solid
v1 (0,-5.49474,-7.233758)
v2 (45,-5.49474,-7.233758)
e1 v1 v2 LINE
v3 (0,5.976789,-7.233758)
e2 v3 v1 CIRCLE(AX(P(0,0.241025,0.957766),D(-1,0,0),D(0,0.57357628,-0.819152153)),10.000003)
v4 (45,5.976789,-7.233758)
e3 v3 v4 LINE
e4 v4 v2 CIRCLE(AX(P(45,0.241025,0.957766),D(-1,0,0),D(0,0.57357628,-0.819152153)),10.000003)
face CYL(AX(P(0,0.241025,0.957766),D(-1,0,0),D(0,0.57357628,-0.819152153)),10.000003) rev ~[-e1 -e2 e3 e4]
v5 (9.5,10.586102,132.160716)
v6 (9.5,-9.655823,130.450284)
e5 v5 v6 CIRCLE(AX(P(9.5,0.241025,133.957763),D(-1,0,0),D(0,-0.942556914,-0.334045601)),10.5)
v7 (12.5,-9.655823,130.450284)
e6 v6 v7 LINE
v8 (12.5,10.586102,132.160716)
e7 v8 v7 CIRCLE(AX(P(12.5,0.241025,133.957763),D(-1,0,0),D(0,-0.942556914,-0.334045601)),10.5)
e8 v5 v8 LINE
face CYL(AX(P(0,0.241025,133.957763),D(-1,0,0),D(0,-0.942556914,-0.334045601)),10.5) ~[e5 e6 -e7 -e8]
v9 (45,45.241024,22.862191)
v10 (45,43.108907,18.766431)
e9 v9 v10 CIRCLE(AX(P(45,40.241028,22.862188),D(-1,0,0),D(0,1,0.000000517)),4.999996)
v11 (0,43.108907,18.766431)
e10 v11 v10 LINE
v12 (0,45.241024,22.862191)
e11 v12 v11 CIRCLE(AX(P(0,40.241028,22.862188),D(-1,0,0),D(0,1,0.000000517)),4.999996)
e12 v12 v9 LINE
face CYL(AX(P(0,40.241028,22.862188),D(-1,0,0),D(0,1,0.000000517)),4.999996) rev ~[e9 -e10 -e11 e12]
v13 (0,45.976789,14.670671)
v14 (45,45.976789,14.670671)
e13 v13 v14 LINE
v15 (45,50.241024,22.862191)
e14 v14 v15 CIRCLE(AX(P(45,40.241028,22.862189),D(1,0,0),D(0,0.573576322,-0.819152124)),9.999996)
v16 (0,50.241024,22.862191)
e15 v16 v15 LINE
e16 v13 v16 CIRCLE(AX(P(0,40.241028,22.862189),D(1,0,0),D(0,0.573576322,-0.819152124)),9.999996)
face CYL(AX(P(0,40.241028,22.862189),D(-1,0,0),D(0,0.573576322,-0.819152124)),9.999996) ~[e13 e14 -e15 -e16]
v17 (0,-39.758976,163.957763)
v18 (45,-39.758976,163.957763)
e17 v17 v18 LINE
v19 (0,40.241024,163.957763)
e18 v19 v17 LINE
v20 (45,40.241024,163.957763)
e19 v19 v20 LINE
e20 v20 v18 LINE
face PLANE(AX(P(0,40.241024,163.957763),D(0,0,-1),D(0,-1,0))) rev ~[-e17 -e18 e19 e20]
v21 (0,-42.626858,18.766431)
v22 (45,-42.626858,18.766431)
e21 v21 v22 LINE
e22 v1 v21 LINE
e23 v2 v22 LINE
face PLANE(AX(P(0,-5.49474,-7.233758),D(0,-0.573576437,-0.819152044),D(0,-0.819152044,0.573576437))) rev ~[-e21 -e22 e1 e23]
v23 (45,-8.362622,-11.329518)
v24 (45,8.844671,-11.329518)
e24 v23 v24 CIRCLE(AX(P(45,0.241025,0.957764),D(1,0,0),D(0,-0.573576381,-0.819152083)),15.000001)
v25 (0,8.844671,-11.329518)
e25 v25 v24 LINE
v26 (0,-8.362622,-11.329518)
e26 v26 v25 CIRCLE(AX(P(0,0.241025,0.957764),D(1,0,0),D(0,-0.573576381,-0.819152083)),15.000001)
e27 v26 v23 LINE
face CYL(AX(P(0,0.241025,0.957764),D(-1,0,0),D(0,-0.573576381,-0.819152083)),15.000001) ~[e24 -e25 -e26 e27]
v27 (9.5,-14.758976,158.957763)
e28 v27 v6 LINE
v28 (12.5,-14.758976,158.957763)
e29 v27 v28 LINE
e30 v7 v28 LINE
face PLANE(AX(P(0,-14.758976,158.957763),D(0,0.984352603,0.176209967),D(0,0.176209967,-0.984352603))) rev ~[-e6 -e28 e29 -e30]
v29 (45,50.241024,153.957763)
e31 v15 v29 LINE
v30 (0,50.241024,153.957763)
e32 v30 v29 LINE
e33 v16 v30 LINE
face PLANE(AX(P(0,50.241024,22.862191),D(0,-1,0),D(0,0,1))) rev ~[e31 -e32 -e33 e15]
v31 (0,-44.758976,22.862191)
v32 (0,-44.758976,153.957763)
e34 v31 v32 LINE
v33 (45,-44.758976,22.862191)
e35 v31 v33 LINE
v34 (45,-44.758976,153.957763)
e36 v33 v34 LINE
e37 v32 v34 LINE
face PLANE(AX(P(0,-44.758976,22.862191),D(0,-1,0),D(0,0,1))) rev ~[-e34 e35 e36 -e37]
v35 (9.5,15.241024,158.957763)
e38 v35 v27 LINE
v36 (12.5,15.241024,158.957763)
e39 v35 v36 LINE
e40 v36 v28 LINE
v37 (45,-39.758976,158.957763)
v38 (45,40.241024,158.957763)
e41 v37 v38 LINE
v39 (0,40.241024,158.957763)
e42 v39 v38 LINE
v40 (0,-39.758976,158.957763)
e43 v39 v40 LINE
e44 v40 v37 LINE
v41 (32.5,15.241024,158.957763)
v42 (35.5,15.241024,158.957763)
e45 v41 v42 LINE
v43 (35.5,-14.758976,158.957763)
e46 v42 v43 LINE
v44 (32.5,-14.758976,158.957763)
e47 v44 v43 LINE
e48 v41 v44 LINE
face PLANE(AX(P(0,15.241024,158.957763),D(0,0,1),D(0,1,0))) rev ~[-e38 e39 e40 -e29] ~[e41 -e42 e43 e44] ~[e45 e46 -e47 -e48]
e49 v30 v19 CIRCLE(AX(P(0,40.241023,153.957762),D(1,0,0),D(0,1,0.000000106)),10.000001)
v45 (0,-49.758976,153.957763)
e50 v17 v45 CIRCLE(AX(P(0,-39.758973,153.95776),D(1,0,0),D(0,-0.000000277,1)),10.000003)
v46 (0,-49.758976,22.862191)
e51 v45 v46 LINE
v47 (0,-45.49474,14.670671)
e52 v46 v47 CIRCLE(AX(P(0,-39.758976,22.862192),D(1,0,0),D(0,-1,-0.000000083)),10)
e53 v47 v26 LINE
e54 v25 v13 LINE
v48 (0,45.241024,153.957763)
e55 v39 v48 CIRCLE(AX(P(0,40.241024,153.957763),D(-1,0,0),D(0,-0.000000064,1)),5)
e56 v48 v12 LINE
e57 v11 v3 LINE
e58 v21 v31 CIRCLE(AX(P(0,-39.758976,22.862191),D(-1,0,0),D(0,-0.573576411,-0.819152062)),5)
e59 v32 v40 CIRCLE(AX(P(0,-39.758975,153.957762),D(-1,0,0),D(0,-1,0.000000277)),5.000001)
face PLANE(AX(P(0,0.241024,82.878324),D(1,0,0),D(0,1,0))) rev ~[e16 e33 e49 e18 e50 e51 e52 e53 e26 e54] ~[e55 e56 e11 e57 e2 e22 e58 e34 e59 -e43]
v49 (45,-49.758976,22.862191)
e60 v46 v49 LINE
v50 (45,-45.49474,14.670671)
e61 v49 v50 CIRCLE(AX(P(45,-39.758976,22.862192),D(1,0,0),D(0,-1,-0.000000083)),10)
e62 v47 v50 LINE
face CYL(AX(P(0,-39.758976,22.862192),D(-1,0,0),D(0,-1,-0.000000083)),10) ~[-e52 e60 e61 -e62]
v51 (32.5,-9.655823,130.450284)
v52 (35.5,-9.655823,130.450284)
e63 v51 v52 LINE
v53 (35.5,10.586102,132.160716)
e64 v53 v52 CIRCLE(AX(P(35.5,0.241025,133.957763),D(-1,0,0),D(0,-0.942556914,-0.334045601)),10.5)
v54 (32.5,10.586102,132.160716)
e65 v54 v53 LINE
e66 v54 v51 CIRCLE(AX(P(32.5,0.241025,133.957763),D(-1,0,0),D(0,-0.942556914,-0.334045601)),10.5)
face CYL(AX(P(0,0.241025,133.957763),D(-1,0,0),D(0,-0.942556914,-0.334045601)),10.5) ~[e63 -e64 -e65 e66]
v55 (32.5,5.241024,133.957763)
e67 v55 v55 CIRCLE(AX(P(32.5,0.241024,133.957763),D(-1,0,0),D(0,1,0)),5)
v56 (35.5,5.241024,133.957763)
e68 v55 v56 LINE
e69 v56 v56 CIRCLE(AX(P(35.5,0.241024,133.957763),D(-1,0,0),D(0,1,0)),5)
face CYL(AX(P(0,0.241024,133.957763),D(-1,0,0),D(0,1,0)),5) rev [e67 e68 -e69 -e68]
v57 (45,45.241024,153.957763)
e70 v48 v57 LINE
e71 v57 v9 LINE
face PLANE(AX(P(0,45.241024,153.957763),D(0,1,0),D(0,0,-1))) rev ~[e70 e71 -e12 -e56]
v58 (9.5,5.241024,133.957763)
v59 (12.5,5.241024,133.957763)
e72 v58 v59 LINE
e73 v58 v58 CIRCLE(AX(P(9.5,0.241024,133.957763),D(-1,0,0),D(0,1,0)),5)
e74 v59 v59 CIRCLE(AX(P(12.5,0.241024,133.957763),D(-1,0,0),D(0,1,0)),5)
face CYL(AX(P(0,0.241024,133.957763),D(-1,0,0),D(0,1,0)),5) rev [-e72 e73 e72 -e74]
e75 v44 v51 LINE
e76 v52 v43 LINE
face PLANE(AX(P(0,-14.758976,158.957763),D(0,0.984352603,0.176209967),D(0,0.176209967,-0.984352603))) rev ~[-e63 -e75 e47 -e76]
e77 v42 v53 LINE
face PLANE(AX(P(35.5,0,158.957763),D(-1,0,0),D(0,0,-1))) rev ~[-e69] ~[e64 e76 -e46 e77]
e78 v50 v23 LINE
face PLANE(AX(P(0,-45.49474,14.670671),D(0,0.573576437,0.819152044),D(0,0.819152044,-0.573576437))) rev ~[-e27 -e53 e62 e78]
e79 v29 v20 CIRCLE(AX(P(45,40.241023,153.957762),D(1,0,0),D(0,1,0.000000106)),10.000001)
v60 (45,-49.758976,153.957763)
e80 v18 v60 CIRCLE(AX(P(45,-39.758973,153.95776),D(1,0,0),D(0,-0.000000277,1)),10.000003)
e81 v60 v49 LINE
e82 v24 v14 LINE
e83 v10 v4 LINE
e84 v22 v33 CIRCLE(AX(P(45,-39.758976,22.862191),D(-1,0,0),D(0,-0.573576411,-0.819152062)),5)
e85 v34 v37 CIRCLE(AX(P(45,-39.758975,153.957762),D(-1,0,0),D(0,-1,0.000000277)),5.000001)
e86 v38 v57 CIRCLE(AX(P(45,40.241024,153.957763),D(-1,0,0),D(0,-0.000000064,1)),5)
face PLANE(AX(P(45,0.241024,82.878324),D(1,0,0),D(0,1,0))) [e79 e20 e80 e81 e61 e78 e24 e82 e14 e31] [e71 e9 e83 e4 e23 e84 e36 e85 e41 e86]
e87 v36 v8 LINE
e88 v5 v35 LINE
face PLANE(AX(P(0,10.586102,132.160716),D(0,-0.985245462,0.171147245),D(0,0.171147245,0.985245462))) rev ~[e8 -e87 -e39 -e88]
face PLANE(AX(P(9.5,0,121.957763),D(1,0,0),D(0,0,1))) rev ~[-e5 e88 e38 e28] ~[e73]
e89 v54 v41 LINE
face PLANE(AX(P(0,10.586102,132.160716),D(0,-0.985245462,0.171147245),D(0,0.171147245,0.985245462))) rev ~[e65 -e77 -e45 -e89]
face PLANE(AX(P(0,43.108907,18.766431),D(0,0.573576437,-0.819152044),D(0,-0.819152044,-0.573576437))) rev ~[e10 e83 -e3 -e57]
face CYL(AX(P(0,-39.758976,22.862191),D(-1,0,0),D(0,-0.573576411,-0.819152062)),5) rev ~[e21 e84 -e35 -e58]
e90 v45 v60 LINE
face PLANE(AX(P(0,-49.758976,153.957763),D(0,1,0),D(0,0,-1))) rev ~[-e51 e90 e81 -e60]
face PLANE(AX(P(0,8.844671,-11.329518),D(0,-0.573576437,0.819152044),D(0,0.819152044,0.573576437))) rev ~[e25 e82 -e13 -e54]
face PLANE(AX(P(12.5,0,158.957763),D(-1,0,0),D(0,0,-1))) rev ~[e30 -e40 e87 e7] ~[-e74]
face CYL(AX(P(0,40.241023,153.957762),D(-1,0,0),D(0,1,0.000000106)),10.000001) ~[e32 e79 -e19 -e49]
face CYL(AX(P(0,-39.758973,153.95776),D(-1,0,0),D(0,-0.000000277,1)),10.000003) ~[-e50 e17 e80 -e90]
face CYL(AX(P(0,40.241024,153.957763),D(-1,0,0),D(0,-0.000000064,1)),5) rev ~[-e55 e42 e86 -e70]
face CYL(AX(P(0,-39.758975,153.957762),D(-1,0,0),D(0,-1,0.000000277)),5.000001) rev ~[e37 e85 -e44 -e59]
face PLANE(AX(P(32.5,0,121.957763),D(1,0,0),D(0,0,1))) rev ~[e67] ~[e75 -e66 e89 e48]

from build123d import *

# Parameters (mm, degrees)
F0_R     = 5
F1_DEPTH = 45
F3_DEPTH = 25


with BuildPart() as f1:
    # F0 (on Right) → F1 (new body)
    with BuildSketch(Plane.YZ):
        with BuildLine():
            Line((-45.49474, 14.670671), (-8.362622, -11.329518))
            ThreePointArc((-8.362622, -11.329518), (0.241024, -14.042237), (8.844671, -11.329518))
            Line((8.844671, -11.329518), (45.976789, 14.670671))
            ThreePointArc((45.976789, 14.670671), (49.111133, 18.244705), (50.241024, 22.862191))
            Line((50.241024, 22.862191), (50.241024, 153.957763))
            ThreePointArc((50.241024, 153.957763), (47.312092, 161.02883), (40.241024, 163.957763))
            Line((40.241024, 163.957763), (-39.758976, 163.957763))
            ThreePointArc((-39.758976, 163.957763), (-46.830043, 161.02883), (-49.758976, 153.957763))
            Line((-49.758976, 153.957763), (-49.758976, 22.862191))
            ThreePointArc((-49.758976, 22.862191), (-48.629084, 18.244705), (-45.49474, 14.670671))
        make_face()
        with BuildLine():
            ThreePointArc((5.976789, -7.233758), (0.241024, -9.042237), (-5.49474, -7.233758))
            Line((-5.49474, -7.233758), (-42.626858, 18.766431))
            ThreePointArc((-42.626858, 18.766431), (-44.19403, 20.553448), (-44.758976, 22.862191))
            Line((-44.758976, 22.862191), (-44.758976, 153.957763))
            ThreePointArc((-44.758976, 153.957763), (-43.294509, 157.493297), (-39.758976, 158.957763))
            Line((-39.758976, 158.957763), (-14.758976, 158.957763))
            Line((-14.758976, 158.957763), (15.241024, 158.957763))
            Line((15.241024, 158.957763), (40.241024, 158.957763))
            ThreePointArc((40.241024, 158.957763), (43.776558, 157.493297), (45.241024, 153.957763))
            Line((45.241024, 153.957763), (45.241024, 22.862191))
            ThreePointArc((45.241024, 22.862191), (44.676079, 20.553448), (43.108907, 18.766431))
            Line((43.108907, 18.766431), (5.976789, -7.233758))
        make_face(mode=Mode.SUBTRACT)
        with BuildLine():
            Line((15.241024, 158.957763), (-14.758976, 158.957763))
            Line((-14.758976, 158.957763), (-9.655823, 130.450284))
            ThreePointArc((-9.655823, 130.450284), (1.125118, 123.495049), (10.586102, 132.160716))
            Line((10.586102, 132.160716), (15.241024, 158.957763))
        make_face()
        with Locations((0.241024, 133.957763)):
            Circle(F0_R, mode=Mode.SUBTRACT)
    extrude(amount=F1_DEPTH)

    # F2 (on Front) → F3 (cut, symmetric)
    with BuildSketch(Plane.XZ):
        Polygon((55.277422, 116.967438), (55.277422, 158.957763), (35.5, 158.957763), (35.5, 121.957763), (32.5, 121.957763), (32.5, 158.957763), (12.5, 158.957763), (12.5, 121.957763), (9.5, 121.957763), (9.5, 158.957763), (-7.29355, 158.957763), (-7.29355, 116.967438), align=None)
    extrude(amount=F3_DEPTH, both=True, mode=Mode.SUBTRACT)


solid = f1.part
